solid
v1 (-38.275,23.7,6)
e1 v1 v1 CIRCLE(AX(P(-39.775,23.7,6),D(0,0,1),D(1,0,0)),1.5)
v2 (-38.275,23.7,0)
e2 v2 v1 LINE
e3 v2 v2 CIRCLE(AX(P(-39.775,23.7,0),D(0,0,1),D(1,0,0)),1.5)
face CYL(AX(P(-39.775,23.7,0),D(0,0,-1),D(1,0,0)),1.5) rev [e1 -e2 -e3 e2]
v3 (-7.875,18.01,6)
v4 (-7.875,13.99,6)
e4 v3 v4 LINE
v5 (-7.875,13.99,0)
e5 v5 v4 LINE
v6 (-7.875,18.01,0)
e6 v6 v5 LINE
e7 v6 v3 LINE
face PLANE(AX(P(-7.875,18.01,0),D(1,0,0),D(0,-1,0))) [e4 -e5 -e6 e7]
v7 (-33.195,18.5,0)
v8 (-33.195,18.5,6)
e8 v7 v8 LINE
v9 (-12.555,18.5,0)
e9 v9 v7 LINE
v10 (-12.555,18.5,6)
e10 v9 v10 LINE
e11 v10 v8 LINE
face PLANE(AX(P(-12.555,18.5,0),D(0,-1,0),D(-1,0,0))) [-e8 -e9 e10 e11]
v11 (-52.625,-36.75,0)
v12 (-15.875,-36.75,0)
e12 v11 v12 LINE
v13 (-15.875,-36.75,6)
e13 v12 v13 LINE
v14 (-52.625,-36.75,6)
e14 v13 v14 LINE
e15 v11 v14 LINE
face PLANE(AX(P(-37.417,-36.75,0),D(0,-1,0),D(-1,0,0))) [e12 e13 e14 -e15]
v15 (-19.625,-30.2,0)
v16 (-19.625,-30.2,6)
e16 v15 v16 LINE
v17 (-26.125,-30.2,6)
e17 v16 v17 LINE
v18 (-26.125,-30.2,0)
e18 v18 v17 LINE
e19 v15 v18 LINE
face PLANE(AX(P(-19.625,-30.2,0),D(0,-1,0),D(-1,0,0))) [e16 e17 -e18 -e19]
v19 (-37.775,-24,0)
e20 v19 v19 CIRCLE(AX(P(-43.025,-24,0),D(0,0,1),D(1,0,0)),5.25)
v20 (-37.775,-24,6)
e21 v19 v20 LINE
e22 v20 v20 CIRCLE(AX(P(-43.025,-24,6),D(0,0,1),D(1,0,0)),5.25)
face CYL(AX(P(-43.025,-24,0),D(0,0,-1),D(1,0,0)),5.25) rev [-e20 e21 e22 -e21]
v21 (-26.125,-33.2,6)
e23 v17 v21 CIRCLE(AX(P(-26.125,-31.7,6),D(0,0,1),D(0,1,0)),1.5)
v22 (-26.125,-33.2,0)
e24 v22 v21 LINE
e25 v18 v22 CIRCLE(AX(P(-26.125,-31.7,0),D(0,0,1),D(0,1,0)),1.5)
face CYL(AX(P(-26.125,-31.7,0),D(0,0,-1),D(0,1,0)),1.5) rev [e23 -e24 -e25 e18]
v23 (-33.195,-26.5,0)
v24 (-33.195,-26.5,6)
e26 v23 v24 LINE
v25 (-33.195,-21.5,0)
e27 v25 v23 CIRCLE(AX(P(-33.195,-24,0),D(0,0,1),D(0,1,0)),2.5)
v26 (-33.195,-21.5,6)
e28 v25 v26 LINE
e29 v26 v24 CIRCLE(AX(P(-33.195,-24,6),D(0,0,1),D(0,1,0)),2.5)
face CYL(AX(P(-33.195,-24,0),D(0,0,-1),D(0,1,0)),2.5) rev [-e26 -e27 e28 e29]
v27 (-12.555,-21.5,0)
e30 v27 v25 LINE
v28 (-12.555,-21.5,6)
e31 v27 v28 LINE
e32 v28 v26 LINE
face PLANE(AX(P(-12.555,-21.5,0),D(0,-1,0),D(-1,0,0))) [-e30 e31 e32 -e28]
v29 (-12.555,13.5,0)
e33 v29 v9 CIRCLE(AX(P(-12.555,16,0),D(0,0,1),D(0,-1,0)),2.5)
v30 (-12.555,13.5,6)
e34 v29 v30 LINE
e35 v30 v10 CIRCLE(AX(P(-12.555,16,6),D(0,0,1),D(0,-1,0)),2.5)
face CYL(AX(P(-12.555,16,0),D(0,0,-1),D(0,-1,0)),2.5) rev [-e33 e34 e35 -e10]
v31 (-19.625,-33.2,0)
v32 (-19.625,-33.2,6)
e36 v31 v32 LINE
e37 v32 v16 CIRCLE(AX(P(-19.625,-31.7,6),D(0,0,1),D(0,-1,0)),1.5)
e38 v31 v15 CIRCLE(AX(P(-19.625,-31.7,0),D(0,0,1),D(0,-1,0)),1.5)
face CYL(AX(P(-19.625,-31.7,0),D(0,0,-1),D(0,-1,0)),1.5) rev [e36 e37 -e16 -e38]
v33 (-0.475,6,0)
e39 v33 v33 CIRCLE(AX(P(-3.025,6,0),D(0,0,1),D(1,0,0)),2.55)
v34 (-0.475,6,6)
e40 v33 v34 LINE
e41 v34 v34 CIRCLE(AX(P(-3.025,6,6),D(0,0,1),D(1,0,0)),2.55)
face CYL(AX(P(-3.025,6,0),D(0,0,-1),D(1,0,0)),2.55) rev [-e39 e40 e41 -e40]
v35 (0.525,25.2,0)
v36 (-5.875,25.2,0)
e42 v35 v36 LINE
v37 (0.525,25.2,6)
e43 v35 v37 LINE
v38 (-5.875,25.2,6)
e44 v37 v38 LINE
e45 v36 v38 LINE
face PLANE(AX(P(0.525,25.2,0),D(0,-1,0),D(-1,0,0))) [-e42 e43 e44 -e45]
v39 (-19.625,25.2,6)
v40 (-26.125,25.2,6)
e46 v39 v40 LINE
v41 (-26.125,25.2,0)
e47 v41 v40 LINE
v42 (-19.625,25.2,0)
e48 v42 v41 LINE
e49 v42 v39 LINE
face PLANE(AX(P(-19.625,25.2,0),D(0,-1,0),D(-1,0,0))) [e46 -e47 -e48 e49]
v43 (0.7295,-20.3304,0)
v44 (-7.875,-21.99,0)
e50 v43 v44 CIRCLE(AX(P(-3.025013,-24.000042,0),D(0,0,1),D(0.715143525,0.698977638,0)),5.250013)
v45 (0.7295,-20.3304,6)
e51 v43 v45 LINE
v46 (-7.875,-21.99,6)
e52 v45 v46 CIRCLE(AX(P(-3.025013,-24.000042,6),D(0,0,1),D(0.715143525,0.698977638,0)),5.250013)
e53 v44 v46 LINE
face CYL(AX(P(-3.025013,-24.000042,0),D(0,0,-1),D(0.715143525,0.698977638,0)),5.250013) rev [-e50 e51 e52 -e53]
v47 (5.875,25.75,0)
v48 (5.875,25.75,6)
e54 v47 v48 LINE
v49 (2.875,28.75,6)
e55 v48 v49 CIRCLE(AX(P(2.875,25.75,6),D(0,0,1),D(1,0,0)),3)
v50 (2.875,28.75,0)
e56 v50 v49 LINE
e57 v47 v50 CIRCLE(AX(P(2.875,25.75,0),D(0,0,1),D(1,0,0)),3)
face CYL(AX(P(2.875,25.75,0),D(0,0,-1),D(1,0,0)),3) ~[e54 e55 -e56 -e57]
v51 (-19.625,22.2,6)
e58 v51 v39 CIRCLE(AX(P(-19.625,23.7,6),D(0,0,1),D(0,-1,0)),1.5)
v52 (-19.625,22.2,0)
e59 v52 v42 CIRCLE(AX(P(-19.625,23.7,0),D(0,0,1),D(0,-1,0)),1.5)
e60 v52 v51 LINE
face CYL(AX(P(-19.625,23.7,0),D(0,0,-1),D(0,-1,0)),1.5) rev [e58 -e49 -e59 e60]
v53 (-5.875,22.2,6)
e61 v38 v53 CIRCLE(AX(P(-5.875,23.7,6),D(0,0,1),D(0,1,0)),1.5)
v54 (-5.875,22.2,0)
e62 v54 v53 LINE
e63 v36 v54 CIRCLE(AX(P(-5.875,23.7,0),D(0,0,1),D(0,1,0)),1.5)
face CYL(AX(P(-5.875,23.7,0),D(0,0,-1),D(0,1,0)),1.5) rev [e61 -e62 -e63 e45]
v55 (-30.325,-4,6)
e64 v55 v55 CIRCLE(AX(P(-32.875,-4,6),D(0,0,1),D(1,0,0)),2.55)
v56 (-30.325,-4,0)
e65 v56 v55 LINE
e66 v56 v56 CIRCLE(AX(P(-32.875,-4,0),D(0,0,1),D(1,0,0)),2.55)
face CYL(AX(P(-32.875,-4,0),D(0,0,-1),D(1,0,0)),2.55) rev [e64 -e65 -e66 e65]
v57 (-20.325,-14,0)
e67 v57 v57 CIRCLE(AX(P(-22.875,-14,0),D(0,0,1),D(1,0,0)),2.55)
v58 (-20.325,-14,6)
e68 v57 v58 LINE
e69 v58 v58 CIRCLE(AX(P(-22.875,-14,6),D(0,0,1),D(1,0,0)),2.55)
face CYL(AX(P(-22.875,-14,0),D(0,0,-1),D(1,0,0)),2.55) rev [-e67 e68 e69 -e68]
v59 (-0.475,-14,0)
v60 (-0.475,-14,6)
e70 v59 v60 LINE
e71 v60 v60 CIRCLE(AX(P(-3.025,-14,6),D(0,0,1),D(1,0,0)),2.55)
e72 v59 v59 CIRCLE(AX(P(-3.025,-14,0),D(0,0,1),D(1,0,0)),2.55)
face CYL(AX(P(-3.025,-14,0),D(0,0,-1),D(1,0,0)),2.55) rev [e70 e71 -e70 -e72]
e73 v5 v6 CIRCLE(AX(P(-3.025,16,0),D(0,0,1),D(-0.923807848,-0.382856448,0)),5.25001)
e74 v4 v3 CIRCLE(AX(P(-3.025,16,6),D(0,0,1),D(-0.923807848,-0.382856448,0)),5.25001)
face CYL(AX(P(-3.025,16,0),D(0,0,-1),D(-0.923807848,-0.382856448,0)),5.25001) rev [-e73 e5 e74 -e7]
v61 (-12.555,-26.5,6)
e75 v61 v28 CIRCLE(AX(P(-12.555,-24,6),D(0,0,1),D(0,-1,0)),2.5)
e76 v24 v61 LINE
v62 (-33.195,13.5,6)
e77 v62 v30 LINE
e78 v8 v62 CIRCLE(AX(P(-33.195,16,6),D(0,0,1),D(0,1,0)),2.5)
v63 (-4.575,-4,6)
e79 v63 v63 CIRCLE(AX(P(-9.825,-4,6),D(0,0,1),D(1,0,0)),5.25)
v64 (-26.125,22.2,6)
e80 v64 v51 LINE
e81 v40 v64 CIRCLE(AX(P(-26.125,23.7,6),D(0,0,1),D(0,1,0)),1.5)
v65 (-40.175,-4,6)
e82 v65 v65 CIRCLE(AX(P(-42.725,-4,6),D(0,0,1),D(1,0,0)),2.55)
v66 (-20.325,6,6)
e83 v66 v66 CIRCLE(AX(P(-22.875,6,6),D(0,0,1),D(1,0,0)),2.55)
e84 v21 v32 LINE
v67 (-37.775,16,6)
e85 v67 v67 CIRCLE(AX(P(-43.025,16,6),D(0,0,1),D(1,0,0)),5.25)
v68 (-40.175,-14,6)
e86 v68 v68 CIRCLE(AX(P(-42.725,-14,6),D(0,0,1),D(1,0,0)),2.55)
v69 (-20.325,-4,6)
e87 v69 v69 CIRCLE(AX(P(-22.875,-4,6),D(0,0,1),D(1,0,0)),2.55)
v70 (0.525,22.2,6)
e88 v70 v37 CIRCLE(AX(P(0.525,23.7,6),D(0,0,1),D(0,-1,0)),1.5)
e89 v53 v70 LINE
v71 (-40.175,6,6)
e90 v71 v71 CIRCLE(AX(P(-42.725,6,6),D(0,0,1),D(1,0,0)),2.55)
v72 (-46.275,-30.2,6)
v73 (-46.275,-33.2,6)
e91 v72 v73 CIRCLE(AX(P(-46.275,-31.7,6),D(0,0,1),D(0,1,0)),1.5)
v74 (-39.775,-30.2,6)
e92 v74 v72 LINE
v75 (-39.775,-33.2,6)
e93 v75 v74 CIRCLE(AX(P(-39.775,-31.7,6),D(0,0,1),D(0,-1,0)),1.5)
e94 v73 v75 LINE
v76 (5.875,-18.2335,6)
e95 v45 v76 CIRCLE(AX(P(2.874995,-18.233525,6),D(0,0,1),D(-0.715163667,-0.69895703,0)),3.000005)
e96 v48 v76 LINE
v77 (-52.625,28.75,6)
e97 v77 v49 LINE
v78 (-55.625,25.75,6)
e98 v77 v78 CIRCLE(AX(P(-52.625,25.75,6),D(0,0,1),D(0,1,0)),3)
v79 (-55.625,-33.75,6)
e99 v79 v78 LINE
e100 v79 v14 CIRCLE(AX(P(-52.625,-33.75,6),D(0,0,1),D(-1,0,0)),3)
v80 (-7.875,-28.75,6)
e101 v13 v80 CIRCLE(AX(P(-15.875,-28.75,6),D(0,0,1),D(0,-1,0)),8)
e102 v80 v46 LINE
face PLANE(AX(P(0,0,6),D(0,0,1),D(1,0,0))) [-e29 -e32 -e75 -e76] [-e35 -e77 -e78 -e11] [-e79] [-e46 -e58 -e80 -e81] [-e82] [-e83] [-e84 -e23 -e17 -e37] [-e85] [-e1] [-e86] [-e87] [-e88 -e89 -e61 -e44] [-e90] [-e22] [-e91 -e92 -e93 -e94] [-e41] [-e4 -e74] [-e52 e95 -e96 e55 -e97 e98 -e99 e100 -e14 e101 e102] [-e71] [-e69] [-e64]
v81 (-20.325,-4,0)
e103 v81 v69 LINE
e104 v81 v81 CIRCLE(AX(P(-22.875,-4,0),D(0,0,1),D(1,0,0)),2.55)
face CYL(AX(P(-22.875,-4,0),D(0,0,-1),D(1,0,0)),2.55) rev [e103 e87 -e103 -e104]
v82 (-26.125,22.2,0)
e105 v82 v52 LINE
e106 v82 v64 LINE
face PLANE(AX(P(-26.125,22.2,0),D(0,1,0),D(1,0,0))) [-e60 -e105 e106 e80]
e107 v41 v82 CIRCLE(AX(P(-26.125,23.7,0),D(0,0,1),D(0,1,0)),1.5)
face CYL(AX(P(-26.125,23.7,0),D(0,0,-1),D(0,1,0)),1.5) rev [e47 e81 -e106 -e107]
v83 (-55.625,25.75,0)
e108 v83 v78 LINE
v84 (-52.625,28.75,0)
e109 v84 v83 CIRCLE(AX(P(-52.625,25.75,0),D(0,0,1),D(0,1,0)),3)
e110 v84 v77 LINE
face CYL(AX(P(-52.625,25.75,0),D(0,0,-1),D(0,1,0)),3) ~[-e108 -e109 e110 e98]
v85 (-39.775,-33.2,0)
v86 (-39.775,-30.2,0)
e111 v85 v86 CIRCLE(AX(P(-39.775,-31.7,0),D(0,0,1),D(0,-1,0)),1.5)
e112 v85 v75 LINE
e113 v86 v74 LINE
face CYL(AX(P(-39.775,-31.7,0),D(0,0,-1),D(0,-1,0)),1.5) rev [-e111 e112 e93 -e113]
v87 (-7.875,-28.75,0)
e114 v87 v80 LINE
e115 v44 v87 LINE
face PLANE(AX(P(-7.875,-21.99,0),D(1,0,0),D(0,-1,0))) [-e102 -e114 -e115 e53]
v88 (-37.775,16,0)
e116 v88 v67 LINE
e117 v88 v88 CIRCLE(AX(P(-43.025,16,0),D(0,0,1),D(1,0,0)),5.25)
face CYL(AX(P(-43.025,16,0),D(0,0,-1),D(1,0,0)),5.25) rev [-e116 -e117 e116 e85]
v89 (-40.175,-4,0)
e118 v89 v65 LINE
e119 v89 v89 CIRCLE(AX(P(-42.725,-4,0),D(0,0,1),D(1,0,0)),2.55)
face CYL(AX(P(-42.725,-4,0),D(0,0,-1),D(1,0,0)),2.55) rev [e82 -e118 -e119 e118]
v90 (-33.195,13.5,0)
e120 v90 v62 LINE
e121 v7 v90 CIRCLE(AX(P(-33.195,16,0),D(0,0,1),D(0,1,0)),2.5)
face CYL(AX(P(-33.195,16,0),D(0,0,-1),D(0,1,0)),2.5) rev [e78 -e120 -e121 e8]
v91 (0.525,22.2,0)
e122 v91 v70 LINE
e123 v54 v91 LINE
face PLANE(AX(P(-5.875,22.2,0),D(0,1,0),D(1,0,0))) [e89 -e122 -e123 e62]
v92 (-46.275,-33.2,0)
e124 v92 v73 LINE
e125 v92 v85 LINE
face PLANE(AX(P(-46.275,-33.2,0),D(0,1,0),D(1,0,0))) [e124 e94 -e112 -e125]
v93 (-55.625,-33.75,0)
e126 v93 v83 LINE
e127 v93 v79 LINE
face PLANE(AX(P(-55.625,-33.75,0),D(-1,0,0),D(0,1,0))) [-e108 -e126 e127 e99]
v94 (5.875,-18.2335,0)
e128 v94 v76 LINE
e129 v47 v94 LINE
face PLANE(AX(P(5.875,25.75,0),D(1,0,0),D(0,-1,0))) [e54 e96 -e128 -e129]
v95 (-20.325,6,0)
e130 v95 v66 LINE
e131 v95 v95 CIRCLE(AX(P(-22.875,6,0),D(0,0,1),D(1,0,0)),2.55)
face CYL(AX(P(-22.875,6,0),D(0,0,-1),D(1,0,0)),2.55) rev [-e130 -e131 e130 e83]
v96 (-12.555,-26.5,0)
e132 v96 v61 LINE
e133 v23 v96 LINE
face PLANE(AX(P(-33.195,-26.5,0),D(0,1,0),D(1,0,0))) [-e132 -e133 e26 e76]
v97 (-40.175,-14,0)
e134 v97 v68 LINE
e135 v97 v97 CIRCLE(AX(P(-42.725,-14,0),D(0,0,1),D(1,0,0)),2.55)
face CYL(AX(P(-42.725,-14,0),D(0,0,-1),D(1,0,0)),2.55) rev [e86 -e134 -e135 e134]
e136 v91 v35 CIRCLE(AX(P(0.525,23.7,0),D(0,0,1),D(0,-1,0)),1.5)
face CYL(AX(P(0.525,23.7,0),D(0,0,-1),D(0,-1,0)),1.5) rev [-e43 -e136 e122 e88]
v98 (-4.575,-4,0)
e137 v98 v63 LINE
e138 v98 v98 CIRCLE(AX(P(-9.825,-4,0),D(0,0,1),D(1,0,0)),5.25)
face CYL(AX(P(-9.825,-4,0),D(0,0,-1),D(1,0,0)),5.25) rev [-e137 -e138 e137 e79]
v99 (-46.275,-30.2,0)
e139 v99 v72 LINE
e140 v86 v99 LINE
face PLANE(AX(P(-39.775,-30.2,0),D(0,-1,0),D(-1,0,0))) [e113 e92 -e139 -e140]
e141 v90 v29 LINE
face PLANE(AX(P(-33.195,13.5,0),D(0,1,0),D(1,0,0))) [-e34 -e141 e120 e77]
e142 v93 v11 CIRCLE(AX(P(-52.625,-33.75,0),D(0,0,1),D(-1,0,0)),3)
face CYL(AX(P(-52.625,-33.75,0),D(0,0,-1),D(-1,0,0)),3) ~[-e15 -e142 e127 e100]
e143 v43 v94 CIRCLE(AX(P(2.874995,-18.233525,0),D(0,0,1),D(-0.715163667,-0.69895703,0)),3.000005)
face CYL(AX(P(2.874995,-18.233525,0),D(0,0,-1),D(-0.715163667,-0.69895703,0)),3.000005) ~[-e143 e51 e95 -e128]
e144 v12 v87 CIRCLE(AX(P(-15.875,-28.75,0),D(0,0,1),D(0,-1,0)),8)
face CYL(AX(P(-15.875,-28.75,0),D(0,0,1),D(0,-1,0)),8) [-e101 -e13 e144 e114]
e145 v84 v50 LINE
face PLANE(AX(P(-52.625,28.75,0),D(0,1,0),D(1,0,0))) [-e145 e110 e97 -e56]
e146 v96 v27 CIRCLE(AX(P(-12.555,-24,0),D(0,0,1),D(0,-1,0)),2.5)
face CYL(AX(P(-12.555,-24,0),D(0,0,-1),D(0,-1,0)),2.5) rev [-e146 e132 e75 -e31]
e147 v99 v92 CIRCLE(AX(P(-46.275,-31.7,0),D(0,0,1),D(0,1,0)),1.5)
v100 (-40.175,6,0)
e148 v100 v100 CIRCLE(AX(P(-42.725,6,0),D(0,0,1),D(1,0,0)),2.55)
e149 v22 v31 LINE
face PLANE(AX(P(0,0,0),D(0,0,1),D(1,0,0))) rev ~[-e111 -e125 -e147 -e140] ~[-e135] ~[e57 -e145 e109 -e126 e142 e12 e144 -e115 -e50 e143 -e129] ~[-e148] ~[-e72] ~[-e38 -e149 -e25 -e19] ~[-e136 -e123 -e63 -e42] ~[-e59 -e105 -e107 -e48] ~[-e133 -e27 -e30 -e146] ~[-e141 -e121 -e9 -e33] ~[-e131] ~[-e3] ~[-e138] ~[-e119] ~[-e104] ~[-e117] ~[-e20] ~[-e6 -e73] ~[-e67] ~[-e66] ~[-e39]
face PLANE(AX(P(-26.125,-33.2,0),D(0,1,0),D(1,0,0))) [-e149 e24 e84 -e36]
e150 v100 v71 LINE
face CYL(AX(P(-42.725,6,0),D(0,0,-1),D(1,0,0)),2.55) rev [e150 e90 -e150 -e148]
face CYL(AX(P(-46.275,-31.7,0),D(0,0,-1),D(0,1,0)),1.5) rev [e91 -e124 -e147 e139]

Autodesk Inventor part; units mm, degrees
ref_plane "YZ Plane" through (0, 0, 0) normal (1, 0, 0) x (0, 1, 0)
ref_plane "XZ Plane" through (0, 0, 0) normal (0, 1, 0) x (-1, 0, 0)
ref_plane "XY Plane" through (0, 0, 0) normal (0, 0, 1) x (1, 0, 0)
ref_plane "РабПлоскость1" through (0, 0, 0) normal (0, 0, 1) x (1, 0, 0)
sketch "Эскиз1" plane through (0, 0, 0) normal (0, 0, 1) x (1, 0, 0)
  line L0 (-37.417, -36.75) -> (-9.875, -36.75)
  line L1 (-9.875, -36.75) -> (-9.875, -31.75)
  line L2 (-9.875, -33.75) -> (-7.875, -33.75)
  line L3 (-7.875, -33.75) -> (-7.875, -31.75)
  line L4 (-9.875, -36.75) -> (-7.875, -36.75)
  line L5 (-7.875, -36.75) -> (-7.875, -33.75)
  line L6 (-7.875, -31.75) -> (-7.875, -28.75)
  arc A0 (0.7295, -20.3304) -> (5.875, -18.2335) centre (2.875, -18.2335) ccw projected
  line L7 (5.875, 25.75) -> (5.875, -18.2335) projected
  arc A1 (5.875, 25.75) -> (2.875, 28.75) centre (2.875, 25.75) ccw projected
  line L8 (-52.625, 28.75) -> (2.875, 28.75) projected
  arc A2 (-52.625, 28.75) -> (-55.625, 25.75) centre (-52.625, 25.75) ccw projected
  line L9 (-55.625, -33.75) -> (-55.625, 25.75) projected
  arc A3 (-55.625, -33.75) -> (-52.625, -36.75) centre (-52.625, -33.75) ccw projected
  line L10 (-15.875, -36.75) -> (-52.625, -36.75) projected
  arc A4 (-15.875, -36.75) -> (-7.875, -28.75) centre (-15.875, -28.75) ccw projected
  line L11 (-7.875, -21.99) -> (-7.875, -28.75) projected
  arc A5 (0.7295, -20.3304) -> (-7.875, -21.99) centre (-3.025, -24) ccw projected
  circle A6 centre (-3.025, 6) radius 2.55 projected
  circle A7 centre (-32.875, -4) radius 2.55 projected
  circle A8 centre (-39.775, 23.7) radius 1.5 projected
  circle A9 centre (-3.025, -14) radius 2.55 projected
  circle A10 centre (-42.725, -14) radius 2.55 projected
  circle A11 centre (-42.725, -4) radius 2.55 projected
  circle A12 centre (-22.875, -14) radius 2.55 projected
  circle A13 centre (-22.875, -4) radius 2.55 projected
  circle A14 centre (-22.875, 6) radius 2.55 projected
  circle A15 centre (-43.025, -24) radius 5.25 projected
  circle A16 centre (-43.025, 16) radius 5.25 projected
  circle A17 centre (-9.825, -4) radius 5.25 projected
  circle A18 centre (-42.725, 6) radius 2.55 projected
  arc A19 (-39.775, -33.2) -> (-39.775, -30.2) centre (-39.775, -31.7) ccw projected
  line L12 (-46.275, -33.2) -> (-39.775, -33.2) projected
  arc A20 (-46.275, -30.2) -> (-46.275, -33.2) centre (-46.275, -31.7) ccw projected
  line L13 (-39.775, -30.2) -> (-46.275, -30.2) projected
  arc A21 (-7.875, 13.99) -> (-7.875, 18.01) centre (-3.025, 16) ccw projected
  line L14 (-7.875, 18.01) -> (-7.875, 13.99) projected
  arc A22 (-33.195, 18.5) -> (-33.195, 13.5) centre (-33.195, 16) ccw projected
  line L15 (-12.555, 18.5) -> (-33.195, 18.5) projected
  arc A23 (-12.555, 13.5) -> (-12.555, 18.5) centre (-12.555, 16) ccw projected
  line L16 (-33.195, 13.5) -> (-12.555, 13.5) projected
  arc A24 (-26.125, -30.2) -> (-26.125, -33.2) centre (-26.125, -31.7) ccw projected
  line L17 (-19.625, -30.2) -> (-26.125, -30.2) projected
  arc A25 (-19.625, -33.2) -> (-19.625, -30.2) centre (-19.625, -31.7) ccw projected
  line L18 (-26.125, -33.2) -> (-19.625, -33.2) projected
  arc A26 (-12.555, -26.5) -> (-12.555, -21.5) centre (-12.555, -24) ccw projected
  line L19 (-33.195, -26.5) -> (-12.555, -26.5) projected
  arc A27 (-33.195, -21.5) -> (-33.195, -26.5) centre (-33.195, -24) ccw projected
  line L20 (-12.555, -21.5) -> (-33.195, -21.5) projected
  arc A28 (-26.125, 25.2) -> (-26.125, 22.2) centre (-26.125, 23.7) ccw projected
  line L21 (-19.625, 25.2) -> (-26.125, 25.2) projected
  arc A29 (-19.625, 22.2) -> (-19.625, 25.2) centre (-19.625, 23.7) ccw projected
  line L22 (-26.125, 22.2) -> (-19.625, 22.2) projected
  arc A30 (-5.875, 25.2) -> (-5.875, 22.2) centre (-5.875, 23.7) ccw projected
  line L23 (0.525, 25.2) -> (-5.875, 25.2) projected
  arc A31 (0.525, 22.2) -> (0.525, 25.2) centre (0.525, 23.7) ccw projected
  line L24 (-5.875, 22.2) -> (0.525, 22.2) projected
  point P0 (0, 0)
  point P1 (-9.875, -34.0415)
  point P2 (-9.63, -33.75)
extrude "Выдавливание1" add sketch "Эскиз1" along normal blind 6
fillet "Сопряжение2" radius 8 1 edges at (-7.875, -36.75, 3)
properties part number "фанера жесть"
